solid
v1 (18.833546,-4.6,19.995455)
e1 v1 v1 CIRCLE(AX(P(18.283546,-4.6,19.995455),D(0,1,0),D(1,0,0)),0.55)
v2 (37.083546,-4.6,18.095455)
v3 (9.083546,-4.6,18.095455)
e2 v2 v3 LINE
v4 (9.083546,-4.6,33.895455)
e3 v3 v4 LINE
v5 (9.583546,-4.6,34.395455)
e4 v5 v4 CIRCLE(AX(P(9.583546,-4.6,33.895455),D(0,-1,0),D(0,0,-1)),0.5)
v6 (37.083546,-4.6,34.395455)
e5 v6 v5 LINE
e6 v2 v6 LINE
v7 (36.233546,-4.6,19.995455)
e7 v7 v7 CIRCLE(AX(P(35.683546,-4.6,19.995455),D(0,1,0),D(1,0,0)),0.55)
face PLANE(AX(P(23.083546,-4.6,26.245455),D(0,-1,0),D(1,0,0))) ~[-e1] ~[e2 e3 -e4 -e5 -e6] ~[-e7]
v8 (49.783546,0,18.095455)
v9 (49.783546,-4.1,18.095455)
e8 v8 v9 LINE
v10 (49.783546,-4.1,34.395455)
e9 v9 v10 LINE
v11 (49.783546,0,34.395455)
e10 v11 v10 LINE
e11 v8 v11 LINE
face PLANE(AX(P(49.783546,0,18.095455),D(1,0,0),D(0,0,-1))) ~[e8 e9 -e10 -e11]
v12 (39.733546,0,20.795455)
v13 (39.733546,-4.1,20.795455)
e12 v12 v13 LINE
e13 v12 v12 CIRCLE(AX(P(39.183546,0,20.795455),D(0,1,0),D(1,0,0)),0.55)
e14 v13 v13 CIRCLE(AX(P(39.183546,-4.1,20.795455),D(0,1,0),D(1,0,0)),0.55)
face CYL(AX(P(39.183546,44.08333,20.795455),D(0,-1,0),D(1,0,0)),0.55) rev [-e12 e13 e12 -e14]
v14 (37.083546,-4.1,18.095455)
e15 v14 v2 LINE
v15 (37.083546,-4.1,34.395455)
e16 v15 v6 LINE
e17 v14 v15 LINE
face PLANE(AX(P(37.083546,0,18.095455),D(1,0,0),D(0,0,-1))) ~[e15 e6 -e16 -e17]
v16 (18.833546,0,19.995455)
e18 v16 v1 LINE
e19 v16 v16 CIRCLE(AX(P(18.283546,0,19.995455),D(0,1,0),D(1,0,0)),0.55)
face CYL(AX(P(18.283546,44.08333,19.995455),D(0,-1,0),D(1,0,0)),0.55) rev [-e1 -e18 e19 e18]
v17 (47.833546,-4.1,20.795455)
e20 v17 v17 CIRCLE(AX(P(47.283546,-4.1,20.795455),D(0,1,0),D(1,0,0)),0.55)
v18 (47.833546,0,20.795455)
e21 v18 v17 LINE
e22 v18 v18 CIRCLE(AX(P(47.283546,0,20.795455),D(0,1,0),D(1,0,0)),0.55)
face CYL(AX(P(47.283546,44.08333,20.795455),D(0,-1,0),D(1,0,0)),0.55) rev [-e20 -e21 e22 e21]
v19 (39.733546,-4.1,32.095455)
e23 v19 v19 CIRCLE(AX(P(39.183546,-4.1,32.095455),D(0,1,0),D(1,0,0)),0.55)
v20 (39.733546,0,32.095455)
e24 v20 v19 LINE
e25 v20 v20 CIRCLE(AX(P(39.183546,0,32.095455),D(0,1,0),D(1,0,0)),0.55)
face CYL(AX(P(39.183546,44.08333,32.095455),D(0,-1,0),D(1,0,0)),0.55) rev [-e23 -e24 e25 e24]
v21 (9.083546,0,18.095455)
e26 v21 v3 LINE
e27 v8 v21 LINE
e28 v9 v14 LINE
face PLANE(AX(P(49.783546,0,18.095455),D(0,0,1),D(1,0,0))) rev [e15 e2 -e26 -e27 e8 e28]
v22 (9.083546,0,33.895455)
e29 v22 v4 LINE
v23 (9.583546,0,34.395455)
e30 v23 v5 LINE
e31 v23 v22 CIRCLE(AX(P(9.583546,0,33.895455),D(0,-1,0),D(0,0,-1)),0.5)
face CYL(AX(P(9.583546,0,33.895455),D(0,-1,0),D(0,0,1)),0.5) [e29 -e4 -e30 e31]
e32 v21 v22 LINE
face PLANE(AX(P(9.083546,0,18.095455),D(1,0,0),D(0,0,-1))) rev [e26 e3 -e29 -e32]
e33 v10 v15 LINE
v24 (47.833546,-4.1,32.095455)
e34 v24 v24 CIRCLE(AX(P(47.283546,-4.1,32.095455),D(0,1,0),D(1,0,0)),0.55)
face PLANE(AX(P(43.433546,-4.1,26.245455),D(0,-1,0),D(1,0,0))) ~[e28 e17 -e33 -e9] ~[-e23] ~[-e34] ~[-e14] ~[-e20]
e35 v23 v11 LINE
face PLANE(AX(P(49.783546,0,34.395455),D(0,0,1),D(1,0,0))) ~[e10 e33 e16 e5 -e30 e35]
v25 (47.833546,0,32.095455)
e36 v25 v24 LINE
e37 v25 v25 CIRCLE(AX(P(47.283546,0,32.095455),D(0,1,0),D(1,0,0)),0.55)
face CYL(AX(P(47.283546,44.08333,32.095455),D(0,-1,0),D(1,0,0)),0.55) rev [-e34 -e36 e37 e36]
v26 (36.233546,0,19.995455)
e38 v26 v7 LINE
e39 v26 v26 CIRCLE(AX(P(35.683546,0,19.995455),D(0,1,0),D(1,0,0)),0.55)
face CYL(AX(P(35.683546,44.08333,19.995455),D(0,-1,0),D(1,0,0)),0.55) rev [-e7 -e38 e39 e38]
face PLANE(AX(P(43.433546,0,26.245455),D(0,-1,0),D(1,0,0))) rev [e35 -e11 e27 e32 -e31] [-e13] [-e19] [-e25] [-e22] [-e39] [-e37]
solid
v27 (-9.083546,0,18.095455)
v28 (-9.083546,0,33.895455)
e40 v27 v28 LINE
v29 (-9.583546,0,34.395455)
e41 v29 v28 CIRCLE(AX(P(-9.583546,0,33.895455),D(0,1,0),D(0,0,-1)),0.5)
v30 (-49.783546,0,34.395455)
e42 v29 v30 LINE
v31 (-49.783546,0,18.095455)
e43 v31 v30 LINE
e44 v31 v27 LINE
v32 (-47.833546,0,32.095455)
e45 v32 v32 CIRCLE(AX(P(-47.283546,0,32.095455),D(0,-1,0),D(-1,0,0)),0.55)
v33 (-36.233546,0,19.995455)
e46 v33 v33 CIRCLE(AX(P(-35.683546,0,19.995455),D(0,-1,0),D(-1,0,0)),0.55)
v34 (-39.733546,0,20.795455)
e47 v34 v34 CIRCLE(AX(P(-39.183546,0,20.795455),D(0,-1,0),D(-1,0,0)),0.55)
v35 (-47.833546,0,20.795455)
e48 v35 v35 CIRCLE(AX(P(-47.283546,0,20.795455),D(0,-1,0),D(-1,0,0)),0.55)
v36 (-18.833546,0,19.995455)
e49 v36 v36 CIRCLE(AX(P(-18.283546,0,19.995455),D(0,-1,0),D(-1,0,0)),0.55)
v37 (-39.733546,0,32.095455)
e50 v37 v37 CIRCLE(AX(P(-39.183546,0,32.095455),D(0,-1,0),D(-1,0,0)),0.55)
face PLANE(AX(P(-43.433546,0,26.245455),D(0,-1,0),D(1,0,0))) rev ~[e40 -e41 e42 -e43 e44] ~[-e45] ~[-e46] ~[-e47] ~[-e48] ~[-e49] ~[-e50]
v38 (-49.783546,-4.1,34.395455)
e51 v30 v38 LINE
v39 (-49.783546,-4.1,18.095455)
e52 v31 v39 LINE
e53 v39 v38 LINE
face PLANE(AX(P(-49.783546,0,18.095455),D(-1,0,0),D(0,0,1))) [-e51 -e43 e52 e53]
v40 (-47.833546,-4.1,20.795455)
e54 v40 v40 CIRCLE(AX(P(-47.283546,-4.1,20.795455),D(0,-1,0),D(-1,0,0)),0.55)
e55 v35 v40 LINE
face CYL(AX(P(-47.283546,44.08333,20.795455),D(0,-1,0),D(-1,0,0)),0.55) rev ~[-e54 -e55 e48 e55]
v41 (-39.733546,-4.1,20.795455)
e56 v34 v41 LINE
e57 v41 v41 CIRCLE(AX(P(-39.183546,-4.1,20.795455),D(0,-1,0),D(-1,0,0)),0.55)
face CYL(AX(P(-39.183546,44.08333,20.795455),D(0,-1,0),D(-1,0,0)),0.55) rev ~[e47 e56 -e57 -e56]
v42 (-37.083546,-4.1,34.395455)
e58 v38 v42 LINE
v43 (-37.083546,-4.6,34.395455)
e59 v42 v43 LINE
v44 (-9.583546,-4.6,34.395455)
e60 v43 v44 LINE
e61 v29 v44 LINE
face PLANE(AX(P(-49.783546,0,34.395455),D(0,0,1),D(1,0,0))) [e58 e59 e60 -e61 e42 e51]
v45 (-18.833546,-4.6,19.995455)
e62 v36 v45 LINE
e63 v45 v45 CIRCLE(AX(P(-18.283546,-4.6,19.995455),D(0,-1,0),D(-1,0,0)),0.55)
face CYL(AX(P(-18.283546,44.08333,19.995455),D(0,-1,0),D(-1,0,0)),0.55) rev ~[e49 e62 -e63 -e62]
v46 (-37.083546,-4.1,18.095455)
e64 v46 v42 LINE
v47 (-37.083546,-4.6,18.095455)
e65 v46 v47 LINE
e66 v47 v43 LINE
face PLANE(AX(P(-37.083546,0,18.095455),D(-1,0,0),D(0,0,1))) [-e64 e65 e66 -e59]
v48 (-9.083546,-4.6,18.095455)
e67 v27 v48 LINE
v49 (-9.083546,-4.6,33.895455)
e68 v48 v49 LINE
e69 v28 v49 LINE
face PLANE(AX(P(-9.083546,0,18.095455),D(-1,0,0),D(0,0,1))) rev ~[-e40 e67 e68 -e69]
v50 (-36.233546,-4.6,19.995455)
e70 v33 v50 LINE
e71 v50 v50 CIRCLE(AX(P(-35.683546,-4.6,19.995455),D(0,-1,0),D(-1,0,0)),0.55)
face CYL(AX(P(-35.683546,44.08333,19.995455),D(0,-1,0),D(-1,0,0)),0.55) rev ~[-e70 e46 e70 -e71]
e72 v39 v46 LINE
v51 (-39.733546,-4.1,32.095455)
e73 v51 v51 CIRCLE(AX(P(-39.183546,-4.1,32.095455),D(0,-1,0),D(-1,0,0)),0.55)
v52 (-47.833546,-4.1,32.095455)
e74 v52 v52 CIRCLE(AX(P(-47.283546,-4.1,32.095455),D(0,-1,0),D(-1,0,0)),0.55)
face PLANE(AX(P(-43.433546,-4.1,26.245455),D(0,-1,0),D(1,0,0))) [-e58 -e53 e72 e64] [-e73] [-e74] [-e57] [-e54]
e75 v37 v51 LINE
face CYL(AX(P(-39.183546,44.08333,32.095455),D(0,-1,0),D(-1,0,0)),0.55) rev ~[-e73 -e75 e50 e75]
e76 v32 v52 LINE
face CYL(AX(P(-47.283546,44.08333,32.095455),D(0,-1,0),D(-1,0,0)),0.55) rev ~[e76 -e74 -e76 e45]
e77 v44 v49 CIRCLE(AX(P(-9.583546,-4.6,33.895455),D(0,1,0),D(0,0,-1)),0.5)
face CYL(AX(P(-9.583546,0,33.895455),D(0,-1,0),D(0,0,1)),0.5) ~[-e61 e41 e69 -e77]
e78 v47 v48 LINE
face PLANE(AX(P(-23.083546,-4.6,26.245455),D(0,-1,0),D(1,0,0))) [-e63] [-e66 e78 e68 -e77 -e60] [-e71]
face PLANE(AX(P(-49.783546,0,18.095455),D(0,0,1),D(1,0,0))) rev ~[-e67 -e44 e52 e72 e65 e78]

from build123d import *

# Parameters (mm, degrees)
F0_W     = 28
F0_H     = 16.3
F1_DEPTH = 4.6
F0_W_2   = 12.7
F2_DEPTH = 4.1
F3_D     = 1.1
F4_R     = 0.5


with BuildPart() as f1:
    # F0 (on Front) → F1 (new body)
    with BuildSketch(Plane.XZ):
        with Locations((-23.0835460886, 26.2454546378)):
            Rectangle(F0_W, F0_H)
    extrude(amount=F1_DEPTH)

    # F0 (on Front) → F2 (join)
    with BuildSketch(Plane.XZ):
        with Locations((-43.4335460886, 26.2454546378)):
            Rectangle(F0_W_2, F0_H)
    extrude(amount=F2_DEPTH)

    # F3 (through all)
    with Locations(Plane(origin=(0, 0, 0), x_dir=(1, 0, 0), z_dir=(0, 1, 0))):
        with Locations((-39.1835460886, -32.0954546378), (-47.2835460886, -32.0954546378), (-47.2835460886, -20.7954546378), (-39.1835460886, -20.7954546378), (-35.6835460886, -19.9954546378), (-18.2835460886, -19.9954546378)):
            Hole(F3_D / 2)

    # F4
    f4_edges = [f1.edges().sort_by_distance(p)[0] for p in [
        (-9.083546, -2.3, 34.395455),
    ]]
    fillet(f4_edges, radius=F4_R)


with BuildPart() as f5_1:
    # F5: instance of F1
    add(f1.part.mirror(Plane.YZ))


solid = Compound([f1.part, f5_1.part])
